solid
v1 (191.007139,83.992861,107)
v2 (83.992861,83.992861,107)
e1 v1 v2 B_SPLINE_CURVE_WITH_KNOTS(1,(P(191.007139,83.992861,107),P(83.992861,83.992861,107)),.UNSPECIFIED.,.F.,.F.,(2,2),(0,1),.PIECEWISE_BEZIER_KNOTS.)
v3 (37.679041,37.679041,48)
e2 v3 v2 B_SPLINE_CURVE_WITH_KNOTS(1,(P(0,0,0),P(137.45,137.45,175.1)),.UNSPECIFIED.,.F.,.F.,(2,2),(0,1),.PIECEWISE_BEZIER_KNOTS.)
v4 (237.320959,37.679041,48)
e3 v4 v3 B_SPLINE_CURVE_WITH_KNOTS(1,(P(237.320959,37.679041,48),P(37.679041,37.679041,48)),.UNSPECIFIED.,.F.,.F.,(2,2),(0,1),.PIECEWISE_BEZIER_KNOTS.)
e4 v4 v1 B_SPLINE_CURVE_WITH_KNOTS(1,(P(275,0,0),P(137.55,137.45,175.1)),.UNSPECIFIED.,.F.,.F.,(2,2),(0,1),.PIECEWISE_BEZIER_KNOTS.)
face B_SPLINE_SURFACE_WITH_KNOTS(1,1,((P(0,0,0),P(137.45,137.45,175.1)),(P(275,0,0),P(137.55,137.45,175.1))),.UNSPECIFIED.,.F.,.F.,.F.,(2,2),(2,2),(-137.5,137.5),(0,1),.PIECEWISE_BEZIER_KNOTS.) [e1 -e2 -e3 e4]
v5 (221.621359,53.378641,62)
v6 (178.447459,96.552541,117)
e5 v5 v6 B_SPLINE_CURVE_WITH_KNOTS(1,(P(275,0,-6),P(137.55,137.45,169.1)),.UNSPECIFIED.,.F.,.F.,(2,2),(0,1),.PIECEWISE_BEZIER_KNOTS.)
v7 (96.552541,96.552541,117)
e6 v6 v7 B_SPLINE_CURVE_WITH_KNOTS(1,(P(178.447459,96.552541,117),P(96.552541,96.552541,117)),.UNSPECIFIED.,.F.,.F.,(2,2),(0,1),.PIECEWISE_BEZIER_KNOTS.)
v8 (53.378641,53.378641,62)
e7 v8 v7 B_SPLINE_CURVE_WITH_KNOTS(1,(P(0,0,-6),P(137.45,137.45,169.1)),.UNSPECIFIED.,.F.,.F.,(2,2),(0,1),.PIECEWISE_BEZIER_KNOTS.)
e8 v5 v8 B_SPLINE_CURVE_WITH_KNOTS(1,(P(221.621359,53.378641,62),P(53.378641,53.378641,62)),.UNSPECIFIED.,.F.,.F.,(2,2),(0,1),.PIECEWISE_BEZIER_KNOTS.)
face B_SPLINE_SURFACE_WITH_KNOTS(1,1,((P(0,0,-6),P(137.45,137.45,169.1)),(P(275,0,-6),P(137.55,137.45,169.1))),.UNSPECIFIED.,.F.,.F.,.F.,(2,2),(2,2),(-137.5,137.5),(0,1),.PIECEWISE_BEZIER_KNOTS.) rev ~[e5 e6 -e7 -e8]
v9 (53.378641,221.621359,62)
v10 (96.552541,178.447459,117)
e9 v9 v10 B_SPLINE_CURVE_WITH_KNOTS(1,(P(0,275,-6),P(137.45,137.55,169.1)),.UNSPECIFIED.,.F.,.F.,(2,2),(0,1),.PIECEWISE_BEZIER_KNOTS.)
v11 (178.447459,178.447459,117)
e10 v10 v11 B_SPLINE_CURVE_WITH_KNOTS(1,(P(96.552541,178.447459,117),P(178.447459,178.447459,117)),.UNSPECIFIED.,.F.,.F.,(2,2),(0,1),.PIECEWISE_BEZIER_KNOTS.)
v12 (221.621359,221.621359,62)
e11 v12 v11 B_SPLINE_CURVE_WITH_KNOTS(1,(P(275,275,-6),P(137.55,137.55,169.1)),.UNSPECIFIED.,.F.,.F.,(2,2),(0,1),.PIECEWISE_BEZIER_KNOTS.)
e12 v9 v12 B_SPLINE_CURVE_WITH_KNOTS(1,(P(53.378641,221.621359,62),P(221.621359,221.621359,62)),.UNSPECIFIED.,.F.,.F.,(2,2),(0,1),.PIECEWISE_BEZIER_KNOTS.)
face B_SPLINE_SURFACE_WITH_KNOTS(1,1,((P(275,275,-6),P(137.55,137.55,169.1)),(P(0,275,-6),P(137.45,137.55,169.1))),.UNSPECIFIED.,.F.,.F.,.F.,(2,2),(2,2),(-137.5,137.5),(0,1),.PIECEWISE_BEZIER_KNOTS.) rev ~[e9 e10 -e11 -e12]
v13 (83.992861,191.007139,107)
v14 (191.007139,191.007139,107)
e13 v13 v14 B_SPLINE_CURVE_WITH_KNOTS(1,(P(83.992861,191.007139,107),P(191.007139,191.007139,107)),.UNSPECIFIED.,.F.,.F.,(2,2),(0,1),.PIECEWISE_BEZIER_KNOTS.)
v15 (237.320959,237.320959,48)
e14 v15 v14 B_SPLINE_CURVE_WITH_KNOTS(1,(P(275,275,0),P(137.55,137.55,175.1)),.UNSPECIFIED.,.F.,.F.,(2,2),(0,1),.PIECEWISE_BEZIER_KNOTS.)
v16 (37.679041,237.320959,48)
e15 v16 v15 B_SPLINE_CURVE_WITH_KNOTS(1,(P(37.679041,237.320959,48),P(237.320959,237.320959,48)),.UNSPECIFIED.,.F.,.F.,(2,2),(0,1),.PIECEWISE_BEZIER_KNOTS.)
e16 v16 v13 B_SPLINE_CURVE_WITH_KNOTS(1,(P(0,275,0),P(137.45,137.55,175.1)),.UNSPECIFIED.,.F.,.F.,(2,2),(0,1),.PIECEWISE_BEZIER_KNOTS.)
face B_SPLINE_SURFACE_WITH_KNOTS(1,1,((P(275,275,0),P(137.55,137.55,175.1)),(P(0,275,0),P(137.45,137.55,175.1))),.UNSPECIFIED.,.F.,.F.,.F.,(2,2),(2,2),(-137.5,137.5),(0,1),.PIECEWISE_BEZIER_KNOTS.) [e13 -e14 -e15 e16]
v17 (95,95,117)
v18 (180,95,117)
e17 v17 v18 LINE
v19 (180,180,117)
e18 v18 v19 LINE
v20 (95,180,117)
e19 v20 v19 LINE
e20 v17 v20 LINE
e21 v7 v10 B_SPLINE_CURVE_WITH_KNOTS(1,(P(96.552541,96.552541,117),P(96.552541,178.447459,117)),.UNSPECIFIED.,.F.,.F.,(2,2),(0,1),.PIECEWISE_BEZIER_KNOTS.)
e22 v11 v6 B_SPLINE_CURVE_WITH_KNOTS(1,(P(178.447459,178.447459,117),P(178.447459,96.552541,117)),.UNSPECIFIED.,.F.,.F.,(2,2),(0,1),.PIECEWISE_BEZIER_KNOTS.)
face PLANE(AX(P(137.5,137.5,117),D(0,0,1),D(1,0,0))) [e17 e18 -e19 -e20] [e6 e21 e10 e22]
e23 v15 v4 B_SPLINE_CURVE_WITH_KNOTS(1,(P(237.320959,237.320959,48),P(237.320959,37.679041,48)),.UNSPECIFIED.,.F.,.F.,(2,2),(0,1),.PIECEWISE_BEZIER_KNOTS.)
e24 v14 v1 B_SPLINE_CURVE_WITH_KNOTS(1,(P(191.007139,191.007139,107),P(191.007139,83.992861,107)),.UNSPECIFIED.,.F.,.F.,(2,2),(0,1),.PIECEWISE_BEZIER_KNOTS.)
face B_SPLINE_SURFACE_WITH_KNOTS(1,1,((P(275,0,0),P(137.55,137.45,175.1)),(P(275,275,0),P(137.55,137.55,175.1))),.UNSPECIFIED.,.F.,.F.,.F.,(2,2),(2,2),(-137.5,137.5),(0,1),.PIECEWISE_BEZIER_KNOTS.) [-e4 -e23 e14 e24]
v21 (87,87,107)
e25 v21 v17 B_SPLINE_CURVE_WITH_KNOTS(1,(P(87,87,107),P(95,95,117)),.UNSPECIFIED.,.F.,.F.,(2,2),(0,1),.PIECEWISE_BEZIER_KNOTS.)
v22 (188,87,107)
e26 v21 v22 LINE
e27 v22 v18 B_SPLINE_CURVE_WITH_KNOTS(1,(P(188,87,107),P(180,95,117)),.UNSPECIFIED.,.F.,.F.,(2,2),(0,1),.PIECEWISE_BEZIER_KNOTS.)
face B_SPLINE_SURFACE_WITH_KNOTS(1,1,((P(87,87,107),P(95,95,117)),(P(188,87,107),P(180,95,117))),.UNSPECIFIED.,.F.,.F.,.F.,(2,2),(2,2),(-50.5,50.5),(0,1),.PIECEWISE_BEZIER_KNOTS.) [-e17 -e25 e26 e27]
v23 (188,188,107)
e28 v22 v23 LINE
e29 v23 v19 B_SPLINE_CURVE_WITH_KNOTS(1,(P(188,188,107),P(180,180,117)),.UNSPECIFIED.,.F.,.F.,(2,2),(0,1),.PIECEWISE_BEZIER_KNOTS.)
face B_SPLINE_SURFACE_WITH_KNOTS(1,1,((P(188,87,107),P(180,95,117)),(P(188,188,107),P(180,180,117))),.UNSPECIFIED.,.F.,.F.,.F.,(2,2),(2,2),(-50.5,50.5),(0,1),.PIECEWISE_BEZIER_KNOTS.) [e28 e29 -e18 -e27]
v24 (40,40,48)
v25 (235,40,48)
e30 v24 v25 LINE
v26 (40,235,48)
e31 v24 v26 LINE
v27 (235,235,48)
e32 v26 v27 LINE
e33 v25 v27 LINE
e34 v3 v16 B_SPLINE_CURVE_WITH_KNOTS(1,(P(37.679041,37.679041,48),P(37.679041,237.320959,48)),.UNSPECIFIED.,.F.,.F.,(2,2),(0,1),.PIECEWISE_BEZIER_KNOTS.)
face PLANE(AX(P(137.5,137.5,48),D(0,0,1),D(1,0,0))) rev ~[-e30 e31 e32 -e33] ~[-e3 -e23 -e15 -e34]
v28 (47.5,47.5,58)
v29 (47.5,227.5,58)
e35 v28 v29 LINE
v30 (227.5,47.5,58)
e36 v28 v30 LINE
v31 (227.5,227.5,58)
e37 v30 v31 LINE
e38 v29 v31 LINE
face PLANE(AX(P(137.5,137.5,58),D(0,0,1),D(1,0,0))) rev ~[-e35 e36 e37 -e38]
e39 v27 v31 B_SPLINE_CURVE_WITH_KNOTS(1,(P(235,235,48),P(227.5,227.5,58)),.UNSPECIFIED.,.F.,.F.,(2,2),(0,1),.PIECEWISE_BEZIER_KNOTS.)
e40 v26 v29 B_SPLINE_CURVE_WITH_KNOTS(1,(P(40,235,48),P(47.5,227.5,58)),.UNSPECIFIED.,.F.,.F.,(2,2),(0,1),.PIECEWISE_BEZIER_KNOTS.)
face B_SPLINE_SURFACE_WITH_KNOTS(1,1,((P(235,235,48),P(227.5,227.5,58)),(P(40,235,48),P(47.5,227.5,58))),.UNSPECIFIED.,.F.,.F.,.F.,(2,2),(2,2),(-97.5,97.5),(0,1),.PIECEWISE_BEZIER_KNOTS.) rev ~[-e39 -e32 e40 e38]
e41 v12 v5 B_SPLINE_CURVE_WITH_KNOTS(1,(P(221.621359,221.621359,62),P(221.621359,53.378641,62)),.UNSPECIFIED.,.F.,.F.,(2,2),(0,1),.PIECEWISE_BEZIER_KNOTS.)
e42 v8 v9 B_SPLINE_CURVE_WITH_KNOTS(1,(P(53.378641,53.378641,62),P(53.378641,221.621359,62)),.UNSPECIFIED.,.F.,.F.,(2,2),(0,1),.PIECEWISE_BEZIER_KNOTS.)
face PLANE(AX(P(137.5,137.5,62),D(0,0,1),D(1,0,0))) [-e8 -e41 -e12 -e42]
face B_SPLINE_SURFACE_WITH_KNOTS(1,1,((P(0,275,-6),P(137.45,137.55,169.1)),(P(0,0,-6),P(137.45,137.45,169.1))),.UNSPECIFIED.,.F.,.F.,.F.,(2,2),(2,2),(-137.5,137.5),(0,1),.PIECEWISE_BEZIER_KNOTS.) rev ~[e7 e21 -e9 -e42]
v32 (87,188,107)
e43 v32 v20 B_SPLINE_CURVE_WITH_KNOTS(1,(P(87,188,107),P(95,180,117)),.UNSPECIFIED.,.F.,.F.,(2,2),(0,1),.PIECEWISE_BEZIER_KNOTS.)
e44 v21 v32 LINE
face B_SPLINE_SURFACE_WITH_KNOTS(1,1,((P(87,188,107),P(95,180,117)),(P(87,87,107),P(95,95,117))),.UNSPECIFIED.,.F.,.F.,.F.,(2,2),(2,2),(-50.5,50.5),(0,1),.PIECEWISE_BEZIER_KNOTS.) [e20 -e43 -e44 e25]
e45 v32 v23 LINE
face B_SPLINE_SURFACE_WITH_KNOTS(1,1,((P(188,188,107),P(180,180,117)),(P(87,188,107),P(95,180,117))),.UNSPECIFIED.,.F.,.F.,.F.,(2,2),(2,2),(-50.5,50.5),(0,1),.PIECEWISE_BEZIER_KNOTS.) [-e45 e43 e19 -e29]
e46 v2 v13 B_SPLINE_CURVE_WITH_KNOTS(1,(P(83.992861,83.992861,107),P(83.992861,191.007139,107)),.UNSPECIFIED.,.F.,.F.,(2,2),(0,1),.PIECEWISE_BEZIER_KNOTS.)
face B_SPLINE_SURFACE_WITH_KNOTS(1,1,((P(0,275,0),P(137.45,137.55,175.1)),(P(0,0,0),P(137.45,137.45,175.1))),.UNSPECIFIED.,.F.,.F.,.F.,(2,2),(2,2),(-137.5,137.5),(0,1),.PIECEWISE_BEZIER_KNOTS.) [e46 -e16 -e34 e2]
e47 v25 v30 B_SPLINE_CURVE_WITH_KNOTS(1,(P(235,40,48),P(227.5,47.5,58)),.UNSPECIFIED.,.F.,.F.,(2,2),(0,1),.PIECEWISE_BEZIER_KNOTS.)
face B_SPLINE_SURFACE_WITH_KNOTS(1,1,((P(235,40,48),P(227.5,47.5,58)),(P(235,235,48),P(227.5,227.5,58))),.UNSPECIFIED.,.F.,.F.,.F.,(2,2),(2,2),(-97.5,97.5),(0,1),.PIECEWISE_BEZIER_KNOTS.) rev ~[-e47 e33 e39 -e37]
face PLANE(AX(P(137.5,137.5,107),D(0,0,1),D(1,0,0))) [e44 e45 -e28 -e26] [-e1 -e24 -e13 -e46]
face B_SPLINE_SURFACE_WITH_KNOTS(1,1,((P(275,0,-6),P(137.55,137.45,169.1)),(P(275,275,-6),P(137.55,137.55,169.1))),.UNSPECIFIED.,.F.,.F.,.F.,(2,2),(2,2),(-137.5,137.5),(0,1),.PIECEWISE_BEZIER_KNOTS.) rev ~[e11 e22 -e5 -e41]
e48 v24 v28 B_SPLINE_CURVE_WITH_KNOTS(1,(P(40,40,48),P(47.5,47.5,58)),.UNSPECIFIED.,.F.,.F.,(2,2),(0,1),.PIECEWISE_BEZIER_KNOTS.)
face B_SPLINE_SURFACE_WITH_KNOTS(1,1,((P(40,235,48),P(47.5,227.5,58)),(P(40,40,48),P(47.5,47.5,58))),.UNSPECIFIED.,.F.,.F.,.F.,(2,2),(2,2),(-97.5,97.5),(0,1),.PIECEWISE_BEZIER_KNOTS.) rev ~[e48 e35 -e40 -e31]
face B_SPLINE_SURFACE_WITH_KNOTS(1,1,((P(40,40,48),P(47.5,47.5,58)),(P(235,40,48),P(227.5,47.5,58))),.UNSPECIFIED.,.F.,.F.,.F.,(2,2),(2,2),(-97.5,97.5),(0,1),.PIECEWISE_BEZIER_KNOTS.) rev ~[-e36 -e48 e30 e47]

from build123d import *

# Parameters (mm, degrees)
BOX009_W     = 275
BOX009_H     = 275
BOX009_DEPTH = 59
SKETCH036_W  = 101
SKETCH036_H  = 101
SKETCH037_W  = 85
SKETCH037_H  = 85
BOX008_W     = 275
BOX008_H     = 275
BOX008_DEPTH = 52
SKETCH034_W  = 275
SKETCH034_H  = 275
SKETCH035_W  = 0.1
SKETCH035_H  = 0.1
BOX007_W     = 275
BOX007_H     = 275
BOX007_DEPTH = 47
SKETCH032_W  = 195
SKETCH032_H  = 195
SKETCH033_W  = 180
SKETCH033_H  = 180
BOX006_W     = 275
BOX006_H     = 275
BOX006_DEPTH = 52
SKETCH030_W  = 275
SKETCH030_H  = 275
SKETCH031_W  = 0.1
SKETCH031_H  = 0.1
SKETCH028_W  = 275
SKETCH028_H  = 275
SKETCH029_W  = 0.1
SKETCH029_H  = 0.1
BOX005_W     = 275
BOX005_H     = 275
BOX005_DEPTH = 57
BOX004_W     = 275
BOX004_H     = 275
BOX004_DEPTH = 55
SKETCH026_W  = 275
SKETCH026_H  = 275
SKETCH027_W  = 0.1
SKETCH027_H  = 0.1
SKETCH024_W  = 275
SKETCH024_H  = 275
SKETCH025_W  = 0.1
SKETCH025_H  = 0.1
BOX003_W     = 275
BOX003_H     = 275
BOX003_DEPTH = 70


with BuildPart() as layer0keep004:
    # Box009 → Box009 (new body)
    with BuildSketch(Plane.XY.offset(48)):
        with Locations((137.5, 137.5)):
            Rectangle(BOX009_W, BOX009_H)
    extrude(amount=BOX009_DEPTH)


with BuildPart() as layeronekeep:
    # Sketch036 → Loft010 section 0
    with BuildSketch(Plane.XY.offset(107)):
        with Locations((137.5, 137.5)):
            Rectangle(SKETCH036_W, SKETCH036_H)
    # Sketch037 → Loft010 section 1
    with BuildSketch(Plane.XY.offset(117)):
        with Locations((137.5, 137.5)):
            Rectangle(SKETCH037_W, SKETCH037_H)
    loft()

    # Fusion018: union layer0Keep004
    add(layer0keep004.part)


with BuildPart() as layer013:
    # Box008 → Box008 (new body)
    with BuildSketch(Plane.XY.offset(5)):
        with Locations((137.5, 137.5)):
            Rectangle(BOX008_W, BOX008_H)
    extrude(amount=BOX008_DEPTH)


with BuildPart() as layeronecut003:
    # Sketch034 → Loft009 section 0
    with BuildSketch(Plane.XY):
        with Locations((137.5, 137.5)):
            Rectangle(SKETCH034_W, SKETCH034_H)
    # Sketch035 → Loft009 section 1
    with BuildSketch(Plane.XY.offset(175.1)):
        with Locations((137.5, 137.5)):
            Rectangle(SKETCH035_W, SKETCH035_H)
    loft()


with BuildPart() as layeronecut003_1:
    # Loft009 placement: moved
    add(layeronecut003.part.moved(Location((0, 0, -6))))

    # Common008: intersect layer013
    add(layer013.part, mode=Mode.INTERSECT)


with BuildPart() as layer0keep002:
    # Box007 → Box007 (new body)
    with BuildSketch(Plane.XY):
        with Locations((137.5, 137.5)):
            Rectangle(BOX007_W, BOX007_H)
    extrude(amount=BOX007_DEPTH)


with BuildPart() as layer012:
    # Sketch032 → Loft008 section 0
    with BuildSketch(Plane.XY.offset(47)):
        with Locations((137.5, 137.5)):
            Rectangle(SKETCH032_W, SKETCH032_H)
    # Sketch033 → Loft008 section 1
    with BuildSketch(Plane.XY.offset(57)):
        with Locations((137.5, 137.5)):
            Rectangle(SKETCH033_W, SKETCH033_H)
    loft()

    # Fusion016: union layer0Keep002
    add(layer0keep002.part)


with BuildPart() as layer009:
    # Box006 → Box006 (new body)
    with BuildSketch(Plane.XY.offset(5)):
        with Locations((137.5, 137.5)):
            Rectangle(BOX006_W, BOX006_H)
    extrude(amount=BOX006_DEPTH)


with BuildPart() as layer0cut002:
    # Sketch030 → Loft007 section 0
    with BuildSketch(Plane.XY):
        with Locations((137.5, 137.5)):
            Rectangle(SKETCH030_W, SKETCH030_H)
    # Sketch031 → Loft007 section 1
    with BuildSketch(Plane.XY.offset(175.1)):
        with Locations((137.5, 137.5)):
            Rectangle(SKETCH031_W, SKETCH031_H)
    loft()


with BuildPart() as layer0cut002_1:
    # Loft007 placement: moved
    add(layer0cut002.part.moved(Location((0, 0, -6))))

    # Common006: intersect layer009
    add(layer009.part, mode=Mode.INTERSECT)


with BuildPart() as outerlayer005:
    # Sketch028 → Loft006 section 0
    with BuildSketch(Plane.XY):
        with Locations((137.5, 137.5)):
            Rectangle(SKETCH028_W, SKETCH028_H)
    # Sketch029 → Loft006 section 1
    with BuildSketch(Plane.XY.offset(175.1)):
        with Locations((137.5, 137.5)):
            Rectangle(SKETCH029_W, SKETCH029_H)
    loft()


with BuildPart() as layeronecutter001:
    # Box005 → Box005 (new body)
    with BuildSketch(Plane.XY):
        with Locations((137.5, 137.5)):
            Rectangle(BOX005_W, BOX005_H)
    extrude(amount=BOX005_DEPTH)

    # Common005: intersect outerLayer005
    add(outerlayer005.part, mode=Mode.INTERSECT)

    # Cut002: cut layer0cut002
    add(layer0cut002_1.part, mode=Mode.SUBTRACT)

    # Common007: intersect layer012
    add(layer012.part, mode=Mode.INTERSECT)

    # Fusion017: union layerOnecut003
    add(layeronecut003_1.part)


with BuildPart() as layeronecutter001_1:
    # Fusion017 placement: moved
    add(layeronecutter001.part.moved(Location((0, 0, 1))))


with BuildPart() as layer005:
    # Box004 → Box004 (new body)
    with BuildSketch(Plane.XY.offset(62)):
        with Locations((137.5, 137.5)):
            Rectangle(BOX004_W, BOX004_H)
    extrude(amount=BOX004_DEPTH)


with BuildPart() as layer0cut001:
    # Sketch026 → Loft005 section 0
    with BuildSketch(Plane.XY):
        with Locations((137.5, 137.5)):
            Rectangle(SKETCH026_W, SKETCH026_H)
    # Sketch027 → Loft005 section 1
    with BuildSketch(Plane.XY.offset(175.1)):
        with Locations((137.5, 137.5)):
            Rectangle(SKETCH027_W, SKETCH027_H)
    loft()


with BuildPart() as layer0cut001_1:
    # Loft005 placement: moved
    add(layer0cut001.part.moved(Location((0, 0, -6))))

    # Common004: intersect layer005
    add(layer005.part, mode=Mode.INTERSECT)


with BuildPart() as outerlayer003:
    # Sketch024 → Loft004 section 0
    with BuildSketch(Plane.XY):
        with Locations((137.5, 137.5)):
            Rectangle(SKETCH024_W, SKETCH024_H)
    # Sketch025 → Loft004 section 1
    with BuildSketch(Plane.XY.offset(175.1)):
        with Locations((137.5, 137.5)):
            Rectangle(SKETCH025_W, SKETCH025_H)
    loft()


with BuildPart() as layerone002:
    # Box003 → Box003 (new body)
    with BuildSketch(Plane.XY.offset(47)):
        with Locations((137.5, 137.5)):
            Rectangle(BOX003_W, BOX003_H)
    extrude(amount=BOX003_DEPTH)

    # Common003: intersect outerLayer003
    add(outerlayer003.part, mode=Mode.INTERSECT)

    # Cut001: cut layer0cut001
    add(layer0cut001_1.part, mode=Mode.SUBTRACT)

    # Cut003: cut layerOneCutter001
    add(layeronecutter001_1.part, mode=Mode.SUBTRACT)

    # Common009: intersect layerOneKeep
    add(layeronekeep.part, mode=Mode.INTERSECT)


solid = layerone002.part
